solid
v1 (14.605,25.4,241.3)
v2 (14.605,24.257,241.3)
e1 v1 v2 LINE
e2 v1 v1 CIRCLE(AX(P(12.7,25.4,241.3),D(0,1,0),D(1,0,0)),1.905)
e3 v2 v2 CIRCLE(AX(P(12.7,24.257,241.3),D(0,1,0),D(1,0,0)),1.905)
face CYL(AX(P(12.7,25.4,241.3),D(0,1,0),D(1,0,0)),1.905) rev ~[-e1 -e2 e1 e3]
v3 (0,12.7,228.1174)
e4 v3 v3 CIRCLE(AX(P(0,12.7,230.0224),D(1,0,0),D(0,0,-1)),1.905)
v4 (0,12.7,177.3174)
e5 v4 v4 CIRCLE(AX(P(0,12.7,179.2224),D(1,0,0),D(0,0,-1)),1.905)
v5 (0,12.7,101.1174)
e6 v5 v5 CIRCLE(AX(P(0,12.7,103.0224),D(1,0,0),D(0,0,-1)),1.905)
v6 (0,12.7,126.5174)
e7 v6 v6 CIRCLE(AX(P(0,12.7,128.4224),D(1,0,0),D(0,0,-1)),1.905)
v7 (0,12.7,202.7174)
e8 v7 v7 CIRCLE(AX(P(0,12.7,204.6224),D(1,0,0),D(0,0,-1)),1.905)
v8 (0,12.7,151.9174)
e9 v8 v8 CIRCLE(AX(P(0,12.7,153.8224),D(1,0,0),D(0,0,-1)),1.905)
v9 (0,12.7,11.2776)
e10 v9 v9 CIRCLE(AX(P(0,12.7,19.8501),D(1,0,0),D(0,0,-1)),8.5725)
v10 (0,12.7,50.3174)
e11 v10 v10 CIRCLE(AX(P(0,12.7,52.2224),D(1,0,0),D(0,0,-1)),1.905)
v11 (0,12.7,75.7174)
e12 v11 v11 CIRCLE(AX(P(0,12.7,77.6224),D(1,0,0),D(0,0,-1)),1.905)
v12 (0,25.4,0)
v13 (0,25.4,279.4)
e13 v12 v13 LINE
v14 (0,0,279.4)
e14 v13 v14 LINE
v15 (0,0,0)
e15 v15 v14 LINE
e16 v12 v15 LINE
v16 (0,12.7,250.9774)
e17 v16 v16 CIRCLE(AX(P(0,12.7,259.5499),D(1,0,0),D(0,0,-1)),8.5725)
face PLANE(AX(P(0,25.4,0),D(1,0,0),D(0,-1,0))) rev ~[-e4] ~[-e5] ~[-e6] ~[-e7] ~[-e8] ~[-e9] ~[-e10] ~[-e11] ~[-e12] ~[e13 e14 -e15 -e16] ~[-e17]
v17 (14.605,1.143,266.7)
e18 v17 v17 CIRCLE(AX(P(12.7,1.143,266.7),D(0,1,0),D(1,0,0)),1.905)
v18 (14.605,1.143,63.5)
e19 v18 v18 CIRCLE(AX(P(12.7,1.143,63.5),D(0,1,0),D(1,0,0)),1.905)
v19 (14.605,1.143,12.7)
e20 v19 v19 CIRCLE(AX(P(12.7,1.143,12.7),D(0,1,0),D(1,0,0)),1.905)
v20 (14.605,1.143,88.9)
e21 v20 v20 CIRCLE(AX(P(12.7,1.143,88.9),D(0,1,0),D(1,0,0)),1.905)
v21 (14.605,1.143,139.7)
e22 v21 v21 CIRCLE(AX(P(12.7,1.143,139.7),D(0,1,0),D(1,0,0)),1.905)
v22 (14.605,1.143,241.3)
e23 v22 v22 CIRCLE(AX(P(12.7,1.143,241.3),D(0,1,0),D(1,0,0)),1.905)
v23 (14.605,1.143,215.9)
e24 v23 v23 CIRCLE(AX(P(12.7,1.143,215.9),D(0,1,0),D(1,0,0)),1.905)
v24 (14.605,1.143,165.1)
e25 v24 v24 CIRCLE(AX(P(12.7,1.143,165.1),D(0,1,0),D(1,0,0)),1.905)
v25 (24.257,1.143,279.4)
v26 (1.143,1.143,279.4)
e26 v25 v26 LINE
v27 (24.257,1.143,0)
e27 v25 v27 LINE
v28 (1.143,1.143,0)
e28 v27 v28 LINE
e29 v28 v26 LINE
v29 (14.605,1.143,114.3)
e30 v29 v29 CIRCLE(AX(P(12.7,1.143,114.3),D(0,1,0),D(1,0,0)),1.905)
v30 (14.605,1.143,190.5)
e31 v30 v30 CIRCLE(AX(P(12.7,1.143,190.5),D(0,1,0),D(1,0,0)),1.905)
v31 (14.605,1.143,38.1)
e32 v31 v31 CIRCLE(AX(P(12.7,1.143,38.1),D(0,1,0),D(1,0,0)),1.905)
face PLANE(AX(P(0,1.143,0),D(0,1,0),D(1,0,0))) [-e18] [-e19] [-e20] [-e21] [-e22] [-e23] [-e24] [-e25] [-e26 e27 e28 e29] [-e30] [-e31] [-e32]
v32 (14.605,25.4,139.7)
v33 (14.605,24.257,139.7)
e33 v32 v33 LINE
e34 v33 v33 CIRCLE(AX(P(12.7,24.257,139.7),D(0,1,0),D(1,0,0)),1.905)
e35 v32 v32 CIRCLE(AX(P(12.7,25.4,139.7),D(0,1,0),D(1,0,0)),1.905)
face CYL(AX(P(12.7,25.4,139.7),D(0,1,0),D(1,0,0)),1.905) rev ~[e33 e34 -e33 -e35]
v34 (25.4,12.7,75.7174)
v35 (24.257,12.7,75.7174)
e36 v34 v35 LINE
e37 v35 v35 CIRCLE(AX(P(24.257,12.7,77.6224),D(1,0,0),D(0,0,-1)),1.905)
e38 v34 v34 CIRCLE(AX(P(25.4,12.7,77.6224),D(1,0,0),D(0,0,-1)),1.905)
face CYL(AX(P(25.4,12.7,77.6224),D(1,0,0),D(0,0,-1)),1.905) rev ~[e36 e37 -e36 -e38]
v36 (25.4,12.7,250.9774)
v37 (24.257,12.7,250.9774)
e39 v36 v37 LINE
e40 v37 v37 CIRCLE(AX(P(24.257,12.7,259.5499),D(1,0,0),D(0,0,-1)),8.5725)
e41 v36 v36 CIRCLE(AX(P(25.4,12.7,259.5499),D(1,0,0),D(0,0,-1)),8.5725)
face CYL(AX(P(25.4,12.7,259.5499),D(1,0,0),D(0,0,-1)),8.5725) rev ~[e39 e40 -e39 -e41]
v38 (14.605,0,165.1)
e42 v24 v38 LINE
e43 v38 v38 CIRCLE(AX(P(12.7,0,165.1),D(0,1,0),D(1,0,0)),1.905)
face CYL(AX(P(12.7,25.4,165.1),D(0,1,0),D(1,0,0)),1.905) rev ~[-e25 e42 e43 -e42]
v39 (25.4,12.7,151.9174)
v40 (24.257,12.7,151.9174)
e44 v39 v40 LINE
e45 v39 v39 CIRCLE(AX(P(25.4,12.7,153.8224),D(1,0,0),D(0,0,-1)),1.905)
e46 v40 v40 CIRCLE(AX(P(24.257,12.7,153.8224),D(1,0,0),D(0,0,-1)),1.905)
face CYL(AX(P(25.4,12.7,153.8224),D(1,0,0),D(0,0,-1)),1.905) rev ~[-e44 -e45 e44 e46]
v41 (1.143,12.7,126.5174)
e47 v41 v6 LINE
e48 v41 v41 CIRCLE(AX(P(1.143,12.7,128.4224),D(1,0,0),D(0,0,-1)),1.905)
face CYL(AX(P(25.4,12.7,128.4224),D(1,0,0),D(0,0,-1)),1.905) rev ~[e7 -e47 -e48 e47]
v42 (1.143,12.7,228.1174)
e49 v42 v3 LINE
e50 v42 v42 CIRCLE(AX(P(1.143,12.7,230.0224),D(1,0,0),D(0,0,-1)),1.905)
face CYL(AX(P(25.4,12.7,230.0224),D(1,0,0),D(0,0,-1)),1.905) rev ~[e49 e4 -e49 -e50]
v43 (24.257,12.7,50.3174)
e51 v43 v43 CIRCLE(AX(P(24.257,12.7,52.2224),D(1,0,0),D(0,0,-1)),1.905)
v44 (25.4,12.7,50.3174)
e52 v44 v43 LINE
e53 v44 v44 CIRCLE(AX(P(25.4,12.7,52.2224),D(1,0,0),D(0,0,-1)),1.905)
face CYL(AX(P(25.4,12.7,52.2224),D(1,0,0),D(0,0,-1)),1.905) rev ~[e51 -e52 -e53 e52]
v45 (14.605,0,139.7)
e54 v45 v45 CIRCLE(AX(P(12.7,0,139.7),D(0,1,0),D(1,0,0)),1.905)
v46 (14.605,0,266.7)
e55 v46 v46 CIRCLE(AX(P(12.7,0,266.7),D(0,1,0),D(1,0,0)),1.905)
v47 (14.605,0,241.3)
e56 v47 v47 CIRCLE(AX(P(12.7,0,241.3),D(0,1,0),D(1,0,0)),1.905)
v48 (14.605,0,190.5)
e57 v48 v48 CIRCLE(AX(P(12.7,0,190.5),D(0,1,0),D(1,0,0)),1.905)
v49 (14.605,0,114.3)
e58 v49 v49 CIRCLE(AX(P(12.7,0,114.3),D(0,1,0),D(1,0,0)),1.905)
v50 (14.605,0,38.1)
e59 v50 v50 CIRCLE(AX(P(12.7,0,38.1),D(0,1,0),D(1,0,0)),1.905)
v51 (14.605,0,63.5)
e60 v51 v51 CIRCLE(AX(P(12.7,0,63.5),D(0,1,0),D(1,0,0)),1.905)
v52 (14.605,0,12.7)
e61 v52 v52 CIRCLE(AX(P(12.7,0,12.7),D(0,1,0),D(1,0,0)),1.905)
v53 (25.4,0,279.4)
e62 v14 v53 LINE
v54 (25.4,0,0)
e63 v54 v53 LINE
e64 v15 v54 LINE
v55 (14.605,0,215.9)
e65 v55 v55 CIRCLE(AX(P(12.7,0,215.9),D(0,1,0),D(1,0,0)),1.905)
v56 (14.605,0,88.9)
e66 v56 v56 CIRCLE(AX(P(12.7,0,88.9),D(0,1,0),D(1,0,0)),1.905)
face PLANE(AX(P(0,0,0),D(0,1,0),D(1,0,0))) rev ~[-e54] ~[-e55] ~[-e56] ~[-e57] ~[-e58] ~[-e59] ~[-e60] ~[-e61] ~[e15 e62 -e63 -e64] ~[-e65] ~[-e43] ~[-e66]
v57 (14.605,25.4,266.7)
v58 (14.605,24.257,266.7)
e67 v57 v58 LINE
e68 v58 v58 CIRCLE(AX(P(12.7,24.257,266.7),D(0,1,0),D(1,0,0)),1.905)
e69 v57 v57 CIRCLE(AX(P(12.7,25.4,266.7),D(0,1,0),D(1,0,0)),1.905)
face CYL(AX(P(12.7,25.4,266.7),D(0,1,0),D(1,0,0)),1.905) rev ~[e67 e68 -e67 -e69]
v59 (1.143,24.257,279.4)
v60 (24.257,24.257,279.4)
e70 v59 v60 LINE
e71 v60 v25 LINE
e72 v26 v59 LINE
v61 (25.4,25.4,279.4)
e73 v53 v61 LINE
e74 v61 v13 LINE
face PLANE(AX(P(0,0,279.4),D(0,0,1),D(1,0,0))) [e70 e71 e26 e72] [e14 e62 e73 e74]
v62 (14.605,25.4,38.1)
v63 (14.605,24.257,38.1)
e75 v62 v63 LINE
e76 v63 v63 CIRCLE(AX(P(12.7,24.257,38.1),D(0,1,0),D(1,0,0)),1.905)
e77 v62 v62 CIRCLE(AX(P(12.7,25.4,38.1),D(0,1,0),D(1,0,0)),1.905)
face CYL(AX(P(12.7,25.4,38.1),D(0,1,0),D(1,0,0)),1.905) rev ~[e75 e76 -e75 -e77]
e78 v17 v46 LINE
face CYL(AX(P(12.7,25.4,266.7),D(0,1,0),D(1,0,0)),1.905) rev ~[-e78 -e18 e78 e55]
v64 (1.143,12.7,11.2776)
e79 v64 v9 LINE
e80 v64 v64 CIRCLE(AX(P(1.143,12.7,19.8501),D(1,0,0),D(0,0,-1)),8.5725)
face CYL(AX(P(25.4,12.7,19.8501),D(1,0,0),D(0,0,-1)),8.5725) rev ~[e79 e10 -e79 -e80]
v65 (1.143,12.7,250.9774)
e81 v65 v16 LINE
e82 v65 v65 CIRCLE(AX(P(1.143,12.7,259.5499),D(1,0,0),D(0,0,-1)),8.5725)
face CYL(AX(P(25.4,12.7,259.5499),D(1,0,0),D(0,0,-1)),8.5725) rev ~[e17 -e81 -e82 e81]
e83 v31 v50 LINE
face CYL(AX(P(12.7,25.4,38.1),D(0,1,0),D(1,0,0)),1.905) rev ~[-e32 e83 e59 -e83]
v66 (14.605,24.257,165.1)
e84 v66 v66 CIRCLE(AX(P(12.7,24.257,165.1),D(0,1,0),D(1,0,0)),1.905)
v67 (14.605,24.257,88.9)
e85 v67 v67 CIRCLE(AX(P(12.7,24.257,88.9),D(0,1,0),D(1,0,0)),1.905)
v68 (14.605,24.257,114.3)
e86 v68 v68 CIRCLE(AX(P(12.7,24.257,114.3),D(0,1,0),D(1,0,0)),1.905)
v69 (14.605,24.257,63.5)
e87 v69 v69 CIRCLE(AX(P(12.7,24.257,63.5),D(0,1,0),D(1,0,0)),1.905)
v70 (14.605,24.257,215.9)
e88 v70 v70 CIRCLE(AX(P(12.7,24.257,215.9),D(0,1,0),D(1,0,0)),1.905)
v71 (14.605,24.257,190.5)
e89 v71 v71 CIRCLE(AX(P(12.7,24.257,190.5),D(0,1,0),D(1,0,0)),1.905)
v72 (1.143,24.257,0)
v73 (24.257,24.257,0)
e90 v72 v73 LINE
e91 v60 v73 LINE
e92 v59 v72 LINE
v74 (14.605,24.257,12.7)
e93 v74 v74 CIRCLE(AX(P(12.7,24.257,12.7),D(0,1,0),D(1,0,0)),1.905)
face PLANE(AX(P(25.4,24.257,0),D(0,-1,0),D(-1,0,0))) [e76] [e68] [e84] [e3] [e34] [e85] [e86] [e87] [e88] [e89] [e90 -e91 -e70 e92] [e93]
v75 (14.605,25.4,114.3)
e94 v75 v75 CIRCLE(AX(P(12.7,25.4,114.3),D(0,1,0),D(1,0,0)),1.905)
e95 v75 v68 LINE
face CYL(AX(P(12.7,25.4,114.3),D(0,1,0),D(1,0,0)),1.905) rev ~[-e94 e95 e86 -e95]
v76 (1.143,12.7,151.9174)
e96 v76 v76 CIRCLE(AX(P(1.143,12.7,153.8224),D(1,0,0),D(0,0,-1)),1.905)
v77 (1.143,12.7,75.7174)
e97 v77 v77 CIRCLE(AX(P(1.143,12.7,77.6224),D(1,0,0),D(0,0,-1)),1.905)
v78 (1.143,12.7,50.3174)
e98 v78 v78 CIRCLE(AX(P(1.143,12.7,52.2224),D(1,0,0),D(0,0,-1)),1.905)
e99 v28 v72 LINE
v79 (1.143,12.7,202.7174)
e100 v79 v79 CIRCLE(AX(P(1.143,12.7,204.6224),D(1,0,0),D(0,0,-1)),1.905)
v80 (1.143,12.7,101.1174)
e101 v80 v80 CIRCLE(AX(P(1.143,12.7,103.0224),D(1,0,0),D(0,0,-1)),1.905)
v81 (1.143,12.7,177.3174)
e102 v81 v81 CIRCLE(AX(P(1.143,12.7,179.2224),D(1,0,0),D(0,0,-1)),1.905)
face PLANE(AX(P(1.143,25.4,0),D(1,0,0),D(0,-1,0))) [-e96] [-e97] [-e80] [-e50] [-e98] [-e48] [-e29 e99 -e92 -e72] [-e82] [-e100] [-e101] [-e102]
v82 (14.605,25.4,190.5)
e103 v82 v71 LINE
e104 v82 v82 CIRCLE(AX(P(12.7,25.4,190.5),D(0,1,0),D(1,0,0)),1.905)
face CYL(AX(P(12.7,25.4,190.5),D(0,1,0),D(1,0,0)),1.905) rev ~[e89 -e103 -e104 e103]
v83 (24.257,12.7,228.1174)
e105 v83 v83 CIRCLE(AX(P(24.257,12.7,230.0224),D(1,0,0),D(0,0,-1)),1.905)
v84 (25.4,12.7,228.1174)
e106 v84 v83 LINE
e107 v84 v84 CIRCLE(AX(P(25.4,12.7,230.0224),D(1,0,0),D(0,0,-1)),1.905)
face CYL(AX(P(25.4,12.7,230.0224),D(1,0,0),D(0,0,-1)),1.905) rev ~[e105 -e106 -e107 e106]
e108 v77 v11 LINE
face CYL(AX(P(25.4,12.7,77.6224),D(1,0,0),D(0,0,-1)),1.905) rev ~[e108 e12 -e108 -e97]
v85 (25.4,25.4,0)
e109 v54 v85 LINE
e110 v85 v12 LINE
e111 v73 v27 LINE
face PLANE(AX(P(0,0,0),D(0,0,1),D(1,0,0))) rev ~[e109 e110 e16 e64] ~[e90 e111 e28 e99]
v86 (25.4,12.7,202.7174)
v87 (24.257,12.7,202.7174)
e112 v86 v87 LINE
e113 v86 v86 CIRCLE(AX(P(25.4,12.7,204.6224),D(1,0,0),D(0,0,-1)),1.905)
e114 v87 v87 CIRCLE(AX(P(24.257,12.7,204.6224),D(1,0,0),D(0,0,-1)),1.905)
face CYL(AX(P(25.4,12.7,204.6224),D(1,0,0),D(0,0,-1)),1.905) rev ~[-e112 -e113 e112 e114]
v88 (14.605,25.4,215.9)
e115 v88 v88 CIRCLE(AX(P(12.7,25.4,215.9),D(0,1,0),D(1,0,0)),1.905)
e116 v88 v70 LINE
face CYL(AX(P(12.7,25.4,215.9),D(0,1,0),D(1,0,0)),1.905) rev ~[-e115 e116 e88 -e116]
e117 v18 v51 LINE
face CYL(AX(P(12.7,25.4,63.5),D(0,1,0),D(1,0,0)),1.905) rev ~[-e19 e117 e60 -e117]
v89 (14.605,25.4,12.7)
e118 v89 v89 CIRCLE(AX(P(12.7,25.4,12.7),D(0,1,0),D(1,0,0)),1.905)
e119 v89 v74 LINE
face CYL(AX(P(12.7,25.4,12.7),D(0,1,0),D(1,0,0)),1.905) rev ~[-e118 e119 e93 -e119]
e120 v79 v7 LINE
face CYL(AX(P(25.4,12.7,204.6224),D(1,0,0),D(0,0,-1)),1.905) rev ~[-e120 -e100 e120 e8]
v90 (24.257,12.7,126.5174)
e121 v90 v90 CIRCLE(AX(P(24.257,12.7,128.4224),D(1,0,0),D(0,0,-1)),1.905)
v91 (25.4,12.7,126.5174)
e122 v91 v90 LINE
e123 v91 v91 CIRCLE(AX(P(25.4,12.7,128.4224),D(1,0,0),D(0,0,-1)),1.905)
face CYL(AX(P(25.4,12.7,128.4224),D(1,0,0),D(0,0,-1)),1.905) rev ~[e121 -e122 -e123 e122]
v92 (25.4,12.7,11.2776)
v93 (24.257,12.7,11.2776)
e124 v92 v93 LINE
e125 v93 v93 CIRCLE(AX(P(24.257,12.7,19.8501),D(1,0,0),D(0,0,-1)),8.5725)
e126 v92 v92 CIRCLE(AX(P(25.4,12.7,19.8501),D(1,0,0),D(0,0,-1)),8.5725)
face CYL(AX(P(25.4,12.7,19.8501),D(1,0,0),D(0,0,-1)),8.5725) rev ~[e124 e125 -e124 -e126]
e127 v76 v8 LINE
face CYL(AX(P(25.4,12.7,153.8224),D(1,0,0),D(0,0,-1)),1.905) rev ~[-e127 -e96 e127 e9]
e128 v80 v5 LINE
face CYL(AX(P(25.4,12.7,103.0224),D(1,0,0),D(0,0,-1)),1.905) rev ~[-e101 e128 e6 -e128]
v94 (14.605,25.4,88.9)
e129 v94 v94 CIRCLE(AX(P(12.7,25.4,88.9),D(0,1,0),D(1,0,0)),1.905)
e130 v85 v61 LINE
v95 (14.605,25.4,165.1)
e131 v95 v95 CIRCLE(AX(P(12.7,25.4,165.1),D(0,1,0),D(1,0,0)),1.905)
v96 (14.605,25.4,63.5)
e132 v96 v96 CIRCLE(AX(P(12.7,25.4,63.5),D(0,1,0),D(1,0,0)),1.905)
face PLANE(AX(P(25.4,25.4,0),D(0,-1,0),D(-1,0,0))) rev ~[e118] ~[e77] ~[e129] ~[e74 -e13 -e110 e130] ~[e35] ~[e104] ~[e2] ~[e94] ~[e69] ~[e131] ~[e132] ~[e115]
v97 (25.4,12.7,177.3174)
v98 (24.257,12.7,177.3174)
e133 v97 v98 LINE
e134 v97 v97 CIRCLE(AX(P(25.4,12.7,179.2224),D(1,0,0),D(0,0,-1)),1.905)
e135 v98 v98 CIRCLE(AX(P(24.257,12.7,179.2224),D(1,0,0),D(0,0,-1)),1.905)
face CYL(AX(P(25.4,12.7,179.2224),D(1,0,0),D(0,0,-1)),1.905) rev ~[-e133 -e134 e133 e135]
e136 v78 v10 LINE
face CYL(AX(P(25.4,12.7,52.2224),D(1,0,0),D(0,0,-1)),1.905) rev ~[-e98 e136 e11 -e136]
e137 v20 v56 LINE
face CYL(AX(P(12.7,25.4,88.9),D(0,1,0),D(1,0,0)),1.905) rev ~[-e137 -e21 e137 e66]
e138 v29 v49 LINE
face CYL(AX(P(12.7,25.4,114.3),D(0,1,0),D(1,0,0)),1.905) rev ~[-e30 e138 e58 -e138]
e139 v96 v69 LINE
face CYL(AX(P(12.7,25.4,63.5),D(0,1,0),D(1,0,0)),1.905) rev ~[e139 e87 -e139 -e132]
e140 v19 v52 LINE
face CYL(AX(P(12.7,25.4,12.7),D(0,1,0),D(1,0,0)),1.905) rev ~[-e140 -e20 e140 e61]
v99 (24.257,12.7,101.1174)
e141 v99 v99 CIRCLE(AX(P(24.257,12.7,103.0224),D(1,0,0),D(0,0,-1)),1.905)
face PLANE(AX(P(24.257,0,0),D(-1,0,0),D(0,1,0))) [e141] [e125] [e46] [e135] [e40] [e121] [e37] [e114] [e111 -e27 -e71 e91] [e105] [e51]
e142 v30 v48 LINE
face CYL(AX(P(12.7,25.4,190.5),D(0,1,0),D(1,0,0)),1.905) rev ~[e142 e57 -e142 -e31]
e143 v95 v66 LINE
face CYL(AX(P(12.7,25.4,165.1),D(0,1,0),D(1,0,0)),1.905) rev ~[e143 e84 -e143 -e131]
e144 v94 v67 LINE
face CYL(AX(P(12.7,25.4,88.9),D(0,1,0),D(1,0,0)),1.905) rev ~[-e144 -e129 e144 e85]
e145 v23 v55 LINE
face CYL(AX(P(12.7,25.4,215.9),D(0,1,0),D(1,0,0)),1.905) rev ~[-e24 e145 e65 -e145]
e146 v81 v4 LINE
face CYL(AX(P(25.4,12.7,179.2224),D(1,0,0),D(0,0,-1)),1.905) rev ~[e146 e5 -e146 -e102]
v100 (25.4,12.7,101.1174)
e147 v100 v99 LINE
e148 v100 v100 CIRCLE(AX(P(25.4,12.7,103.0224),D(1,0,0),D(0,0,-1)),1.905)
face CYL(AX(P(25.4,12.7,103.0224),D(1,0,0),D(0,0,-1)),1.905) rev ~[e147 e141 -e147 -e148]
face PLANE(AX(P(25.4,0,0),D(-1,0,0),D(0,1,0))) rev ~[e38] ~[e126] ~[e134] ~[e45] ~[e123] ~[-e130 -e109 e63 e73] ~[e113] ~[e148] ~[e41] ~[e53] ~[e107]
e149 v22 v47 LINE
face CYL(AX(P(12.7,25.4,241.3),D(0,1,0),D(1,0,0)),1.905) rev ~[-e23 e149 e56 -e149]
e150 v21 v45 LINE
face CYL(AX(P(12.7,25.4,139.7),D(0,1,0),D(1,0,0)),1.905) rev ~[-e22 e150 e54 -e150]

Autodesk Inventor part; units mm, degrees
ref_plane "YZ Plane" through (0, 0, 0) normal (1, 0, 0) x (0, 1, 0)
ref_plane "XZ Plane" through (0, 0, 0) normal (0, 1, 0) x (-1, 0, 0)
ref_plane "XY Plane" through (0, 0, 0) normal (0, 0, 1) x (1, 0, 0)
sketch "Sketch1" plane through (0, 0, 0) normal (0, 0, 1) x (1, 0, 0)
  line L0 (0, 0) -> (25.4, 0)
  line L1 (25.4, 0) -> (25.4, 25.4)
  line L2 (25.4, 25.4) -> (0, 25.4)
  line L3 (0, 25.4) -> (0, 0)
  dimension "d0" = 25.4
  dimension "d1" = 25.4
extrude "Extrusion1" add sketch "Sketch1" along normal blind 279.4
shell "Shell1" thickness 1.143 removed faces 2 at (8.4667, 16.9333, 0) at (8.4667, 16.9333, 279.4)
sketch "Sketch2" plane through (25.4, 0, 0) normal (1, 0, 0) x (0, 0, -1)
  circle A0 centre (-259.5499, 12.7) radius 8.5725
  line L0 (-279.4, 0) -> (-279.4, 25.4) projected
  line L1 (0, 25.4) -> (-279.4, 25.4) projected
  circle A1 centre (-19.8501, 12.7) radius 8.5725
  line L2 (0, 0) -> (0, 25.4) projected
  dimension "d5" = 17.145
  dimension "d6" = 19.8501
  dimension "d7" = 12.7
  dimension "d8" = 17.145
  dimension "d9" = 19.8501
  dimension "d10" = 12.7
extrude "Extrusion2" cut sketch "Sketch2" against normal blind 279.4
sketch "Sketch3" plane through (0, 25.4, 0) normal (0, 1, 0) x (1, 0, 0)
  circle A0 centre (12.7, -12.7) radius 1.905
  line L0 (25.4, 0) -> (0, 0) projected
  line L1 (0, 0) -> (0, -279.4) projected
  circle A1 centre (12.7, -38.1) radius 1.905
  circle A2 centre (12.7, -63.5) radius 1.905
  circle A3 centre (12.7, -88.9) radius 1.905
  circle A4 centre (12.7, -114.3) radius 1.905
  circle A5 centre (12.7, -139.7) radius 1.905
  circle A6 centre (12.7, -165.1) radius 1.905
  circle A7 centre (12.7, -190.5) radius 1.905
  circle A8 centre (12.7, -215.9) radius 1.905
  circle A9 centre (12.7, -241.3) radius 1.905
  circle A10 centre (12.7, -266.7) radius 1.905
  dimension "d13" = 3.81
  dimension "d14" = 12.7
  dimension "d15" = 12.7
  dimension "d18" = 25.4
extrude "Extrusion3" cut sketch "Sketch3" against normal blind 279.4
sketch "Sketch4" plane through (25.4, 0, 0) normal (1, 0, 0) x (0, 0, -1)
  circle A0 centre (-255.4224, 12.7) radius 1.905
  line L0 (0, 25.4) -> (-279.4, 25.4) projected
  circle A1 centre (-259.5499, 12.7) radius 8.5725 projected
  circle A2 centre (-230.0224, 12.7) radius 1.905
  circle A3 centre (-204.6224, 12.7) radius 1.905
  circle A4 centre (-179.2224, 12.7) radius 1.905
  circle A5 centre (-153.8224, 12.7) radius 1.905
  circle A6 centre (-128.4224, 12.7) radius 1.905
  circle A7 centre (-103.0224, 12.7) radius 1.905
  circle A8 centre (-77.6224, 12.7) radius 1.905
  circle A9 centre (-52.2224, 12.7) radius 1.905
  point P0 (0, 0)
  dimension "d25" = 3.81
  dimension "d26" = 12.7
  dimension "d27" = 4.1275
  dimension "d30" = 25.4
extrude "Extrusion4" cut sketch "Sketch4" against normal blind 279.4 contours A2 | A3 | A4 | A5 | A6 | A7 | A8 | A9
equation "\"d8\" = d5"
equation "\"d9\" = d6"
equation "\"d10\" = d7"
properties part number "Support Pivs 11"
